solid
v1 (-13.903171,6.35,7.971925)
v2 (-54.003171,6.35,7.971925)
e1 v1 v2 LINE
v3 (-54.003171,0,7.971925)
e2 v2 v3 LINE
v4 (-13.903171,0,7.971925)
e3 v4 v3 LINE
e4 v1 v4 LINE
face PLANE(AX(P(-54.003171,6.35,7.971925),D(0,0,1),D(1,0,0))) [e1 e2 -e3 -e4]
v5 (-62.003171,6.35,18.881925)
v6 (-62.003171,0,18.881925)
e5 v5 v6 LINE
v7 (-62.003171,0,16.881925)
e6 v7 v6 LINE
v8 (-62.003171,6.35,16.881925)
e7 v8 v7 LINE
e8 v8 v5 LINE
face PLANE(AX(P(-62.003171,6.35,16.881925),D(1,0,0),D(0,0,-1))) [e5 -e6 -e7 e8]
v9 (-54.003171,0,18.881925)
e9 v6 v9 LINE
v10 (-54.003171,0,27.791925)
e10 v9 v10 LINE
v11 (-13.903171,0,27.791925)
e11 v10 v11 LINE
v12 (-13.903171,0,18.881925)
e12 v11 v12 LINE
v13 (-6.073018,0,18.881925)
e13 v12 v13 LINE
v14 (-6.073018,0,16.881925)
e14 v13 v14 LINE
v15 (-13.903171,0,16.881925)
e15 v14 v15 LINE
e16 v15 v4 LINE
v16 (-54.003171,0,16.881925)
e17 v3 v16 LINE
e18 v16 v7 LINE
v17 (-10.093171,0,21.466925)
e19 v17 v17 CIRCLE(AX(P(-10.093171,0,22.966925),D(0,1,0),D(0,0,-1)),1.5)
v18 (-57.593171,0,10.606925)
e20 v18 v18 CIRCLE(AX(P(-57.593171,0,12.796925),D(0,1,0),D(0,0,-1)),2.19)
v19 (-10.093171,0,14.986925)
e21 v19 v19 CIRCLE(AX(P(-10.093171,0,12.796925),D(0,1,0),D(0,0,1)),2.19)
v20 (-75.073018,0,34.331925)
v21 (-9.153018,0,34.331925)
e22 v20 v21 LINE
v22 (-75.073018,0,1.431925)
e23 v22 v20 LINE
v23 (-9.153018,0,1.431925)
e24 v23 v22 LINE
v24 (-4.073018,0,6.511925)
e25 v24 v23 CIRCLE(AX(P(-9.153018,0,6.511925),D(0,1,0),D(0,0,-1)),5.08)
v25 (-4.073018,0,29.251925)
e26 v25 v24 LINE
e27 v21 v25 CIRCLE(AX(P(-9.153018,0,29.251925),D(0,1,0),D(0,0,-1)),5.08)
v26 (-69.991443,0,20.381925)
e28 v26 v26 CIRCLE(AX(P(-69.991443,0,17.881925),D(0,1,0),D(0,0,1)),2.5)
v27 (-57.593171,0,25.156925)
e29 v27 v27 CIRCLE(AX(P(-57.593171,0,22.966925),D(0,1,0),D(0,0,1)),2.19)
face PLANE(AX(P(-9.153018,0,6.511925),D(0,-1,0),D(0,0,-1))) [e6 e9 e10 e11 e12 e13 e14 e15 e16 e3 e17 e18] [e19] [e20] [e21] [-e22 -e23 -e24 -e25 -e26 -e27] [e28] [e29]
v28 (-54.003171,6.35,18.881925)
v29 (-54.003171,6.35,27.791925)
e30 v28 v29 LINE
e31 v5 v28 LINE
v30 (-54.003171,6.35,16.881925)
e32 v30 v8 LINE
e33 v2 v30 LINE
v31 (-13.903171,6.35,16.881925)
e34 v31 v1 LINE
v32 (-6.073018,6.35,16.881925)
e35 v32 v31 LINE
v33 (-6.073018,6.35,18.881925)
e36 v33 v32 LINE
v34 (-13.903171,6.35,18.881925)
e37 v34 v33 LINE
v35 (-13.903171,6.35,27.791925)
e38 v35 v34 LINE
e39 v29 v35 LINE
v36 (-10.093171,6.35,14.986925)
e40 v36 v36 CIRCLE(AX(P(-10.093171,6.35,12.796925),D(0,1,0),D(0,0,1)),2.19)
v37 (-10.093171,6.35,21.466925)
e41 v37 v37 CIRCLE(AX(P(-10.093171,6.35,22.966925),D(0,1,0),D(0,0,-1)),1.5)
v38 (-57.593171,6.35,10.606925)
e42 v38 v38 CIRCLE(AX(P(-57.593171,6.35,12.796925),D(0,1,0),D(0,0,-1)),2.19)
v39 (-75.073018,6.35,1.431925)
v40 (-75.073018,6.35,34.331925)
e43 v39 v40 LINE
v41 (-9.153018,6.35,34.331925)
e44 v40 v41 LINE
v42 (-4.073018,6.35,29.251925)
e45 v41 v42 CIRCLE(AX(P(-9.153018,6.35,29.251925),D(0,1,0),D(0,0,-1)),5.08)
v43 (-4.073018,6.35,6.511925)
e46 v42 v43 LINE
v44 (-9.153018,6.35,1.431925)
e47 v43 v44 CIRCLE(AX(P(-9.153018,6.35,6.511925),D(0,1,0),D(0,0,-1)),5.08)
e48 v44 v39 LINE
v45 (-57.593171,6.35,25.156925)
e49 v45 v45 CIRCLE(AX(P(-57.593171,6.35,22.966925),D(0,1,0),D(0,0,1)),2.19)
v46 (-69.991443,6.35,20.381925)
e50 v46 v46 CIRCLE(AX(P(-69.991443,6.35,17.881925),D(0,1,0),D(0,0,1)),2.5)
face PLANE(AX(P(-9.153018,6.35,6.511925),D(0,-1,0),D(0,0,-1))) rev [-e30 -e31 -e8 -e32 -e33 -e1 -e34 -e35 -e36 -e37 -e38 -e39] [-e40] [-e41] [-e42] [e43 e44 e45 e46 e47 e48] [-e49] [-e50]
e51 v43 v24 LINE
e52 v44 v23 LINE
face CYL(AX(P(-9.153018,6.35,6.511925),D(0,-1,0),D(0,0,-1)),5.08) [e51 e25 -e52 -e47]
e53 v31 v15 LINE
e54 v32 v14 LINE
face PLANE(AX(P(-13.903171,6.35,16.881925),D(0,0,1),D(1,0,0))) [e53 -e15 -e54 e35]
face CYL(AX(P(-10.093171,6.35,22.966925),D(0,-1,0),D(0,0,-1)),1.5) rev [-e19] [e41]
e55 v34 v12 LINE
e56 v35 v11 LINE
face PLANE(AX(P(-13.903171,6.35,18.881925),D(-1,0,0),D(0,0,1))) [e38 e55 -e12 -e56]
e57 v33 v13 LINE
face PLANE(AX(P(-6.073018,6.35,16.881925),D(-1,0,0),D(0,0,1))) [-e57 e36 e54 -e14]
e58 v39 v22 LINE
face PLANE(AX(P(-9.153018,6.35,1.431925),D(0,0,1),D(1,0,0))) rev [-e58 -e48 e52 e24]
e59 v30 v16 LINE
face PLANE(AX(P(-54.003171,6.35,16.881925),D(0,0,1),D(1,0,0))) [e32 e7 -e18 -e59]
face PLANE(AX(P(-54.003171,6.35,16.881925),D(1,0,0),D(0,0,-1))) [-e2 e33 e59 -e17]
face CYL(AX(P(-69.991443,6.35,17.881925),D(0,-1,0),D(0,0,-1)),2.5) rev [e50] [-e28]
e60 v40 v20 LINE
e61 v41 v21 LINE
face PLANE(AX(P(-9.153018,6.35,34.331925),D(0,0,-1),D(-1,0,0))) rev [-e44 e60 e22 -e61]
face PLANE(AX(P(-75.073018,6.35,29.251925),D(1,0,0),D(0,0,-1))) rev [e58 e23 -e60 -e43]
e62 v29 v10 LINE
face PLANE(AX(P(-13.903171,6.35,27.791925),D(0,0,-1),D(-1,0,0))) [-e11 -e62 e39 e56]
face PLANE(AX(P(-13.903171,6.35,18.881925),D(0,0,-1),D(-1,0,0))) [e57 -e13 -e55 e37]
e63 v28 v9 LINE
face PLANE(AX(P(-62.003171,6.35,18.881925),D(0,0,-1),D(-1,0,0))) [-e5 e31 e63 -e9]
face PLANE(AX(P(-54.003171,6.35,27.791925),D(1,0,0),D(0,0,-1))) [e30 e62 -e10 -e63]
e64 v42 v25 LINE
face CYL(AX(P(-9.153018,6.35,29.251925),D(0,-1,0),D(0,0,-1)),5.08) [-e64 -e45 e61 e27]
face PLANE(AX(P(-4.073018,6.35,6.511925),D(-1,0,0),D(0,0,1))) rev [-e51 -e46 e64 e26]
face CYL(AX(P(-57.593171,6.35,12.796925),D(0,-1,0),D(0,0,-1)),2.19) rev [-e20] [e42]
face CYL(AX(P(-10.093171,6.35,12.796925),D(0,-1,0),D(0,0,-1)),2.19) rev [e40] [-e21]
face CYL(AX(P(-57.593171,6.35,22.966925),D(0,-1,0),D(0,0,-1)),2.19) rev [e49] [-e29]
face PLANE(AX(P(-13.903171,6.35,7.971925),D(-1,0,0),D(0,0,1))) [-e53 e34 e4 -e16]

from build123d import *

# Parameters (mm, degrees)
SKETCH1_R           = 2.19
SKETCH1_R_2         = 2.5
SKETCH1_R_3         = 1.5
BOSS_EXTRUDE1_DEPTH = 6.35


with BuildPart() as part:
    # Sketch1 → Boss-Extrude1 (new body)
    with BuildSketch(Plane(origin=(0, 0, 0), x_dir=(1, 0, 0), z_dir=(0, 1, 0))):
        with BuildLine():
            Line((-9.153018436, -1.431925443), (-66.073018436, -1.431925443))
            Line((-66.073018436, -1.431925443), (-75.073018436, -1.431925443))
            Line((-75.073018436, -1.431925443), (-75.073018436, -6.511925443))
            Line((-75.073018436, -6.511925443), (-75.073018436, -29.251925443))
            Line((-75.073018436, -29.251925443), (-75.073018436, -34.331925443))
            Line((-75.073018436, -34.331925443), (-66.073018436, -34.331925443))
            Line((-66.073018436, -34.331925443), (-9.153018436, -34.331925443))
            ThreePointArc((-9.153018436, -34.331925443), (-5.560915987, -32.844027891), (-4.073018436, -29.251925443))
            Line((-4.073018436, -29.251925443), (-4.073018436, -6.511925443))
            ThreePointArc((-4.073018436, -6.511925443), (-5.560915987, -2.919822995), (-9.153018436, -1.431925443))
        make_face()
        with Locations(Location((-57.593170924, -22.966925443, 0), (0, 0, 270))):
            Circle(SKETCH1_R, mode=Mode.SUBTRACT)
        with Locations(Location((-57.593170924, -12.796925443, 0), (0, 0, 90))):
            Circle(SKETCH1_R, mode=Mode.SUBTRACT)
        with Locations(Location((-10.093170924, -12.796925443, 0), (0, 0, 270))):
            Circle(SKETCH1_R, mode=Mode.SUBTRACT)
        with Locations(Location((-69.991443077, -17.881925443, 0), (0, 0, 270))):
            Circle(SKETCH1_R_2, mode=Mode.SUBTRACT)
        with Locations(Location((-10.093170924, -22.966925443, 0), (0, 0, 90))):
            Circle(SKETCH1_R_3, mode=Mode.SUBTRACT)
        Polygon((-13.903170924, -18.881925443), (-13.903170924, -27.791925443), (-54.003170924, -27.791925443), (-54.003170924, -18.881925443), (-62.003170924, -18.881925443), (-62.003170924, -16.881925443), (-54.003170924, -16.881925443), (-54.003170924, -7.971925443), (-13.903170924, -7.971925443), (-13.903170924, -16.881925443), (-6.073018436, -16.881925443), (-6.073018436, -18.881925443), align=None, mode=Mode.SUBTRACT)
    extrude(amount=BOSS_EXTRUDE1_DEPTH)


solid = part.part
